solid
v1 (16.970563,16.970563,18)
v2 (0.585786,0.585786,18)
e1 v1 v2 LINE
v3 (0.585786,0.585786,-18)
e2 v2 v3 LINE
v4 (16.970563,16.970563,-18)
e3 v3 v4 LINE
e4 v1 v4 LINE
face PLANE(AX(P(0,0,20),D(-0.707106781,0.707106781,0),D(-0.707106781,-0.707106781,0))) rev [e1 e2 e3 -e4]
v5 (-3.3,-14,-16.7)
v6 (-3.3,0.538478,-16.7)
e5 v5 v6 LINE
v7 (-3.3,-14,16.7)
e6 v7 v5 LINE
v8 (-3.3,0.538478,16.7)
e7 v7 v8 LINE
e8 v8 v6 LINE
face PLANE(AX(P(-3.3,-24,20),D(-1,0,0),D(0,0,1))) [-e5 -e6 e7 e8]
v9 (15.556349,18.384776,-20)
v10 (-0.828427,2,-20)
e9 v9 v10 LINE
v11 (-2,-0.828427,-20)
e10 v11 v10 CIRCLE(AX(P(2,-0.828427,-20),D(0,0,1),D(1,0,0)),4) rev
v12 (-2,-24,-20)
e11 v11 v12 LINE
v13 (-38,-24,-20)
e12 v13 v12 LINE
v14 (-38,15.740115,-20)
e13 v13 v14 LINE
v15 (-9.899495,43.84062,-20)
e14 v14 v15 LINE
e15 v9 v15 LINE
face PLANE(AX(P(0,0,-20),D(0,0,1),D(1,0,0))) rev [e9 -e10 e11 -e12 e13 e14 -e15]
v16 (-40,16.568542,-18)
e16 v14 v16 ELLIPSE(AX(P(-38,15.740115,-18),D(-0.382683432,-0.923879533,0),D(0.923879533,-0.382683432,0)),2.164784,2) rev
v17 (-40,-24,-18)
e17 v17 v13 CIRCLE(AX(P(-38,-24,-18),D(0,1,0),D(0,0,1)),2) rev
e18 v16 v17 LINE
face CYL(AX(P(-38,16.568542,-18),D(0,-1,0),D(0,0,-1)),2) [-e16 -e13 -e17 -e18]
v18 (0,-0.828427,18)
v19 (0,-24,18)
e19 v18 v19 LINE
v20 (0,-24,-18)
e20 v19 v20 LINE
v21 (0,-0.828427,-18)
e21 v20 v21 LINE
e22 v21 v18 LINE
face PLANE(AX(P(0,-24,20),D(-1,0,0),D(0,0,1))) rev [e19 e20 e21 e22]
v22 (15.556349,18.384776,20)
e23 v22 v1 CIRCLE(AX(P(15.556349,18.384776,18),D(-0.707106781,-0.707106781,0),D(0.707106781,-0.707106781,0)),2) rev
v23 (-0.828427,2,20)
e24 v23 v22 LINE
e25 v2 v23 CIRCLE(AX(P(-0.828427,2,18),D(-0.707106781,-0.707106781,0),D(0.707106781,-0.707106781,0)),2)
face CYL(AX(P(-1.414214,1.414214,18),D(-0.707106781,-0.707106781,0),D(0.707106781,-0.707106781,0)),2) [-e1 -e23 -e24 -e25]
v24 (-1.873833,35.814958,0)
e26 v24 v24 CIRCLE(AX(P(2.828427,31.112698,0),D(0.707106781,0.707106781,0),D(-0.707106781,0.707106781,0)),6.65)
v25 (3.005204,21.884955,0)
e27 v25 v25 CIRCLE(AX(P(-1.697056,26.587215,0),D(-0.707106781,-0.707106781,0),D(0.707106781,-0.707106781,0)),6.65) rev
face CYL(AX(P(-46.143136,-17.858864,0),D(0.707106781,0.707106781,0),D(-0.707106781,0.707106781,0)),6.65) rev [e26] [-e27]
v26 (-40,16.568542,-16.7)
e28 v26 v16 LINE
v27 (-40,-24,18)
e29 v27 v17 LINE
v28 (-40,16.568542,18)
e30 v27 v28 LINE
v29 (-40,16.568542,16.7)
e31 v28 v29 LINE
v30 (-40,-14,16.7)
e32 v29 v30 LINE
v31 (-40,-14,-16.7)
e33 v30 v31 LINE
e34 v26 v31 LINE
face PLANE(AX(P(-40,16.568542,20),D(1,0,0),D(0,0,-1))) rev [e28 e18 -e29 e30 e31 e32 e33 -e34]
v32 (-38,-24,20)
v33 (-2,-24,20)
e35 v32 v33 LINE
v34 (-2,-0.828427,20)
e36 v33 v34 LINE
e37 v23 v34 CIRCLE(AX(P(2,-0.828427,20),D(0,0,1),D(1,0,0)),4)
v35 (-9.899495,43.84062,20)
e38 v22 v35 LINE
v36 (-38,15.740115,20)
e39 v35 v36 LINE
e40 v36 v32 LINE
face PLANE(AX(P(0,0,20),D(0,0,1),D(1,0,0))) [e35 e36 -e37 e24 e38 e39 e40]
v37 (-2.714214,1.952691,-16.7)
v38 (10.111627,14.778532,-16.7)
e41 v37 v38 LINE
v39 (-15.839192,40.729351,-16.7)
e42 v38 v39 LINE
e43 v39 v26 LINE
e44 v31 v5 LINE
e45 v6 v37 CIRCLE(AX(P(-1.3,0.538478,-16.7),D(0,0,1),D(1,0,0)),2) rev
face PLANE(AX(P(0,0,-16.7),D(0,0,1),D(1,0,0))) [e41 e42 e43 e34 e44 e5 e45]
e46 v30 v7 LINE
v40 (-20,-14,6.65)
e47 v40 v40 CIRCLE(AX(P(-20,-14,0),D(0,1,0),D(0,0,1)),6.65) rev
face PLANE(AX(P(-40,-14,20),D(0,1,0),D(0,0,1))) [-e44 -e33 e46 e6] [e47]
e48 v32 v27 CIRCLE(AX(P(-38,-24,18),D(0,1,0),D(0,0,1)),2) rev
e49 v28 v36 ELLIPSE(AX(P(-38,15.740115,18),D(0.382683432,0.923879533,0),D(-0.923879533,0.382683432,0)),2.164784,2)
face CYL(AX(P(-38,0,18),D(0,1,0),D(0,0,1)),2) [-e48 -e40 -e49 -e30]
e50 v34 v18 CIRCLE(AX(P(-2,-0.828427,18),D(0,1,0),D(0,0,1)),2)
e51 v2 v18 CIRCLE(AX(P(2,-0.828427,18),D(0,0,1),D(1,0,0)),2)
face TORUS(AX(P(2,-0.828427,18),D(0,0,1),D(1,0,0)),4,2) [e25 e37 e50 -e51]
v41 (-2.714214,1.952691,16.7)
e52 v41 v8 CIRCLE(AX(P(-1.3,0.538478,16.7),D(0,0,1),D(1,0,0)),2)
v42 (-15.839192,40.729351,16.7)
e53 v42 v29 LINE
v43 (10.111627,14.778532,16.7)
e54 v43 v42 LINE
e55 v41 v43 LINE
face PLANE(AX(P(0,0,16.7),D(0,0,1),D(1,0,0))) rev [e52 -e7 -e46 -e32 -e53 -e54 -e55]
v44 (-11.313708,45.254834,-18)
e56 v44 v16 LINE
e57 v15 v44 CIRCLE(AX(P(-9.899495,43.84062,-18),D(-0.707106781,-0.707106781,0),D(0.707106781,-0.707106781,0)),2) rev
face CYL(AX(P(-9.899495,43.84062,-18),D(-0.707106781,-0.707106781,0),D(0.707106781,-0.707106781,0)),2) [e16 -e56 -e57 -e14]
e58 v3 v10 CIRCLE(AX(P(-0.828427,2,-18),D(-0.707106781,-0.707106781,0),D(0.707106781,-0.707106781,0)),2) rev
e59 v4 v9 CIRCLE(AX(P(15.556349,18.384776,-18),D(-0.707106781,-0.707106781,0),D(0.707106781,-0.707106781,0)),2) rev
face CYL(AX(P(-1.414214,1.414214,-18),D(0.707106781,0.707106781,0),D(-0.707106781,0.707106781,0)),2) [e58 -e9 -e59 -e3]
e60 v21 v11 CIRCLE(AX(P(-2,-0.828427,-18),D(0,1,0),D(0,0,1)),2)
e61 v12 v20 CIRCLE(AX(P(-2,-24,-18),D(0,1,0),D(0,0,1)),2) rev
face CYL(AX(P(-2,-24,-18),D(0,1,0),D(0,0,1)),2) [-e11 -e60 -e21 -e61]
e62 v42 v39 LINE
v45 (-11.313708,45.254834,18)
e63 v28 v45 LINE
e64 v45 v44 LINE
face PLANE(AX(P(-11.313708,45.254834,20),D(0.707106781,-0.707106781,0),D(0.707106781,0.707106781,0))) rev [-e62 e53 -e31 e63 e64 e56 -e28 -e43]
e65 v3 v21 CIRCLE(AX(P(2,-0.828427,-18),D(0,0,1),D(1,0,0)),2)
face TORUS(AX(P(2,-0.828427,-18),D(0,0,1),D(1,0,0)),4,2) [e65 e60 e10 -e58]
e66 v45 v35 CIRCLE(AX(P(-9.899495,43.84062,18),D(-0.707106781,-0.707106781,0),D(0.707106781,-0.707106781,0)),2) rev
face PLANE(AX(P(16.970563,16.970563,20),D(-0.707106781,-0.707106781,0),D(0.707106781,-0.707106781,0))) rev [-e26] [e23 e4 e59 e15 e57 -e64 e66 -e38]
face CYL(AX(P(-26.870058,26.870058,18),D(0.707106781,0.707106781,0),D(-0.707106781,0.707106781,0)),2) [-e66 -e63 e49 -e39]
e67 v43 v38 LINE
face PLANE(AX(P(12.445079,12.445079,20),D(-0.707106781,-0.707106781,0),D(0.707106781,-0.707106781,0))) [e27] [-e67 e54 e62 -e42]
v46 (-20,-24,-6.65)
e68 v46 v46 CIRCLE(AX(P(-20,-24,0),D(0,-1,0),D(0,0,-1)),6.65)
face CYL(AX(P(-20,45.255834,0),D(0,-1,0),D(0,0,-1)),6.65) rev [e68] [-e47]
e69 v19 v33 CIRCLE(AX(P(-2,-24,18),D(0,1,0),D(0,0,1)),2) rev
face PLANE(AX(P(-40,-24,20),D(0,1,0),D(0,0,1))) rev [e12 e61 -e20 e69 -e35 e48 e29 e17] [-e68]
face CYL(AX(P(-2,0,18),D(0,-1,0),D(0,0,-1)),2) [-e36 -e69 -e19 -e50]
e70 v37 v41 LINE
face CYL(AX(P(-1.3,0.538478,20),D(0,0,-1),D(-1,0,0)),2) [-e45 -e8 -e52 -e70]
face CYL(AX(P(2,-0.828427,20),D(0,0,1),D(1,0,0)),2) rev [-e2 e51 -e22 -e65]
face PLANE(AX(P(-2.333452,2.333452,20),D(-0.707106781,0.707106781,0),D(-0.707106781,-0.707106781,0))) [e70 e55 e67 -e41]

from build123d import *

# Parameters (mm, degrees)
BOSS_EXTRUDE1_DEPTH       = 20
SHELL1_T                  = -3.3
SHELL1_THICKNESS_2_FACE_W = 33.4
SHELL1_THICKNESS_2_FACE_H = 36.7
SHELL1_THICKNESS_2_DEPTH  = 6.7
SHELL1_THICKNESS_3_FACE_W = 36.7
SHELL1_THICKNESS_3_FACE_H = 33.4
SHELL1_THICKNESS_3_DEPTH  = 3.1
CUT_EXTRUDE1_REACH        = 84.439
SKETCH2_R                 = 6.65
CUT_EXTRUDE2_REACH        = 74.967
SKETCH3_R                 = 6.65
FILLET1_R                 = 2


with BuildPart() as part:
    # Sketch1 → Boss-Extrude1 (new, symmetric)
    with BuildSketch(Plane.XY):
        Polygon((0, -24), (0, 0), (16.970562748, 16.970562748), (-11.313708499, 45.254833996), (-40, 16.568542495), (-40, -24), align=None)
    extrude(amount=BOSS_EXTRUDE1_DEPTH, both=True)

    # Shell1
    shell1_openings = [part.faces().sort_by_distance(p)[0] for p in [
        (-40, -3.715728753, 0),
        (-25.656854249, 30.911688245, 0),
    ]]
    offset(amount=SHELL1_T, openings=shell1_openings, kind=Kind.INTERSECTION)

    # Shell1 thickness 2 face (on inner face of the shell) → Shell1 thickness 2 (add)
    with BuildSketch(Plane(origin=(-21.65, -20.7, 0), x_dir=(0, 0, -1), z_dir=(0, -1, 0))):
        Rectangle(SHELL1_THICKNESS_2_FACE_W, SHELL1_THICKNESS_2_FACE_H)
    extrude(amount=-SHELL1_THICKNESS_2_DEPTH)

    # Shell1 thickness 3 face (on inner face of the shell) → Shell1 thickness 3 (add)
    with BuildSketch(Plane(origin=(-0.671751442, 29.945972183, 0), x_dir=(-0.707106781187, 0.707106781187, 0), z_dir=(0.707106781187, 0.707106781187, 0))):
        Rectangle(SHELL1_THICKNESS_3_FACE_W, SHELL1_THICKNESS_3_FACE_H)
    extrude(amount=-SHELL1_THICKNESS_3_DEPTH)

    # Sketch2 → Cut-Extrude1 (cut, up to next)
    with BuildSketch(Plane.XZ.offset(24), mode=Mode.PRIVATE) as cut_extrude1_sk1:
        with Locations(Location((-20, 0, 0), (0, 0, 270))):
            Circle(SKETCH2_R)
    cut_extrude1_tool1 = extrude(cut_extrude1_sk1.sketch, amount=-CUT_EXTRUDE1_REACH, mode=Mode.PRIVATE) & part.part
    add(cut_extrude1_tool1.solids().sort_by_distance((-20, -24, 0))[0], mode=Mode.SUBTRACT)

    # Sketch3 → Cut-Extrude2 (cut, up to next)
    with BuildSketch(Plane(origin=(16.970562748, 16.970562748, 0), x_dir=(0, 0, -1), z_dir=(0.7071067811865488, 0.7071067811865462, 0)), mode=Mode.PRIVATE) as cut_extrude2_sk1:
        with Locations(Location((0, 20, 0), (0, 0, 90))):
            Circle(SKETCH3_R)
    cut_extrude2_tool1 = extrude(cut_extrude2_sk1.sketch, amount=-CUT_EXTRUDE2_REACH, mode=Mode.PRIVATE) & part.part
    add(cut_extrude2_tool1.solids().sort_by_distance((2.828427, 31.112698, 0))[0], mode=Mode.SUBTRACT)

    # Fillet1
    fillet1_edges = [part.edges().sort_by_distance(p)[0] for p in [
        (0, 0, 0),
        (8.485281374, 8.485281374, 20),
        (-25.656854249, 30.911688245, 20),
        (-3.3, 1.366904756, 0),
        (-40, -3.715728753, 20),
        (-40, -3.715728753, -20),
        (-25.656854249, 30.911688245, -20),
        (8.485281374, 8.485281374, -20),
        (0, -12, -20),
        (0, -12, 20),
    ]]
    fillet(fillet1_edges, radius=FILLET1_R)


solid = part.part
